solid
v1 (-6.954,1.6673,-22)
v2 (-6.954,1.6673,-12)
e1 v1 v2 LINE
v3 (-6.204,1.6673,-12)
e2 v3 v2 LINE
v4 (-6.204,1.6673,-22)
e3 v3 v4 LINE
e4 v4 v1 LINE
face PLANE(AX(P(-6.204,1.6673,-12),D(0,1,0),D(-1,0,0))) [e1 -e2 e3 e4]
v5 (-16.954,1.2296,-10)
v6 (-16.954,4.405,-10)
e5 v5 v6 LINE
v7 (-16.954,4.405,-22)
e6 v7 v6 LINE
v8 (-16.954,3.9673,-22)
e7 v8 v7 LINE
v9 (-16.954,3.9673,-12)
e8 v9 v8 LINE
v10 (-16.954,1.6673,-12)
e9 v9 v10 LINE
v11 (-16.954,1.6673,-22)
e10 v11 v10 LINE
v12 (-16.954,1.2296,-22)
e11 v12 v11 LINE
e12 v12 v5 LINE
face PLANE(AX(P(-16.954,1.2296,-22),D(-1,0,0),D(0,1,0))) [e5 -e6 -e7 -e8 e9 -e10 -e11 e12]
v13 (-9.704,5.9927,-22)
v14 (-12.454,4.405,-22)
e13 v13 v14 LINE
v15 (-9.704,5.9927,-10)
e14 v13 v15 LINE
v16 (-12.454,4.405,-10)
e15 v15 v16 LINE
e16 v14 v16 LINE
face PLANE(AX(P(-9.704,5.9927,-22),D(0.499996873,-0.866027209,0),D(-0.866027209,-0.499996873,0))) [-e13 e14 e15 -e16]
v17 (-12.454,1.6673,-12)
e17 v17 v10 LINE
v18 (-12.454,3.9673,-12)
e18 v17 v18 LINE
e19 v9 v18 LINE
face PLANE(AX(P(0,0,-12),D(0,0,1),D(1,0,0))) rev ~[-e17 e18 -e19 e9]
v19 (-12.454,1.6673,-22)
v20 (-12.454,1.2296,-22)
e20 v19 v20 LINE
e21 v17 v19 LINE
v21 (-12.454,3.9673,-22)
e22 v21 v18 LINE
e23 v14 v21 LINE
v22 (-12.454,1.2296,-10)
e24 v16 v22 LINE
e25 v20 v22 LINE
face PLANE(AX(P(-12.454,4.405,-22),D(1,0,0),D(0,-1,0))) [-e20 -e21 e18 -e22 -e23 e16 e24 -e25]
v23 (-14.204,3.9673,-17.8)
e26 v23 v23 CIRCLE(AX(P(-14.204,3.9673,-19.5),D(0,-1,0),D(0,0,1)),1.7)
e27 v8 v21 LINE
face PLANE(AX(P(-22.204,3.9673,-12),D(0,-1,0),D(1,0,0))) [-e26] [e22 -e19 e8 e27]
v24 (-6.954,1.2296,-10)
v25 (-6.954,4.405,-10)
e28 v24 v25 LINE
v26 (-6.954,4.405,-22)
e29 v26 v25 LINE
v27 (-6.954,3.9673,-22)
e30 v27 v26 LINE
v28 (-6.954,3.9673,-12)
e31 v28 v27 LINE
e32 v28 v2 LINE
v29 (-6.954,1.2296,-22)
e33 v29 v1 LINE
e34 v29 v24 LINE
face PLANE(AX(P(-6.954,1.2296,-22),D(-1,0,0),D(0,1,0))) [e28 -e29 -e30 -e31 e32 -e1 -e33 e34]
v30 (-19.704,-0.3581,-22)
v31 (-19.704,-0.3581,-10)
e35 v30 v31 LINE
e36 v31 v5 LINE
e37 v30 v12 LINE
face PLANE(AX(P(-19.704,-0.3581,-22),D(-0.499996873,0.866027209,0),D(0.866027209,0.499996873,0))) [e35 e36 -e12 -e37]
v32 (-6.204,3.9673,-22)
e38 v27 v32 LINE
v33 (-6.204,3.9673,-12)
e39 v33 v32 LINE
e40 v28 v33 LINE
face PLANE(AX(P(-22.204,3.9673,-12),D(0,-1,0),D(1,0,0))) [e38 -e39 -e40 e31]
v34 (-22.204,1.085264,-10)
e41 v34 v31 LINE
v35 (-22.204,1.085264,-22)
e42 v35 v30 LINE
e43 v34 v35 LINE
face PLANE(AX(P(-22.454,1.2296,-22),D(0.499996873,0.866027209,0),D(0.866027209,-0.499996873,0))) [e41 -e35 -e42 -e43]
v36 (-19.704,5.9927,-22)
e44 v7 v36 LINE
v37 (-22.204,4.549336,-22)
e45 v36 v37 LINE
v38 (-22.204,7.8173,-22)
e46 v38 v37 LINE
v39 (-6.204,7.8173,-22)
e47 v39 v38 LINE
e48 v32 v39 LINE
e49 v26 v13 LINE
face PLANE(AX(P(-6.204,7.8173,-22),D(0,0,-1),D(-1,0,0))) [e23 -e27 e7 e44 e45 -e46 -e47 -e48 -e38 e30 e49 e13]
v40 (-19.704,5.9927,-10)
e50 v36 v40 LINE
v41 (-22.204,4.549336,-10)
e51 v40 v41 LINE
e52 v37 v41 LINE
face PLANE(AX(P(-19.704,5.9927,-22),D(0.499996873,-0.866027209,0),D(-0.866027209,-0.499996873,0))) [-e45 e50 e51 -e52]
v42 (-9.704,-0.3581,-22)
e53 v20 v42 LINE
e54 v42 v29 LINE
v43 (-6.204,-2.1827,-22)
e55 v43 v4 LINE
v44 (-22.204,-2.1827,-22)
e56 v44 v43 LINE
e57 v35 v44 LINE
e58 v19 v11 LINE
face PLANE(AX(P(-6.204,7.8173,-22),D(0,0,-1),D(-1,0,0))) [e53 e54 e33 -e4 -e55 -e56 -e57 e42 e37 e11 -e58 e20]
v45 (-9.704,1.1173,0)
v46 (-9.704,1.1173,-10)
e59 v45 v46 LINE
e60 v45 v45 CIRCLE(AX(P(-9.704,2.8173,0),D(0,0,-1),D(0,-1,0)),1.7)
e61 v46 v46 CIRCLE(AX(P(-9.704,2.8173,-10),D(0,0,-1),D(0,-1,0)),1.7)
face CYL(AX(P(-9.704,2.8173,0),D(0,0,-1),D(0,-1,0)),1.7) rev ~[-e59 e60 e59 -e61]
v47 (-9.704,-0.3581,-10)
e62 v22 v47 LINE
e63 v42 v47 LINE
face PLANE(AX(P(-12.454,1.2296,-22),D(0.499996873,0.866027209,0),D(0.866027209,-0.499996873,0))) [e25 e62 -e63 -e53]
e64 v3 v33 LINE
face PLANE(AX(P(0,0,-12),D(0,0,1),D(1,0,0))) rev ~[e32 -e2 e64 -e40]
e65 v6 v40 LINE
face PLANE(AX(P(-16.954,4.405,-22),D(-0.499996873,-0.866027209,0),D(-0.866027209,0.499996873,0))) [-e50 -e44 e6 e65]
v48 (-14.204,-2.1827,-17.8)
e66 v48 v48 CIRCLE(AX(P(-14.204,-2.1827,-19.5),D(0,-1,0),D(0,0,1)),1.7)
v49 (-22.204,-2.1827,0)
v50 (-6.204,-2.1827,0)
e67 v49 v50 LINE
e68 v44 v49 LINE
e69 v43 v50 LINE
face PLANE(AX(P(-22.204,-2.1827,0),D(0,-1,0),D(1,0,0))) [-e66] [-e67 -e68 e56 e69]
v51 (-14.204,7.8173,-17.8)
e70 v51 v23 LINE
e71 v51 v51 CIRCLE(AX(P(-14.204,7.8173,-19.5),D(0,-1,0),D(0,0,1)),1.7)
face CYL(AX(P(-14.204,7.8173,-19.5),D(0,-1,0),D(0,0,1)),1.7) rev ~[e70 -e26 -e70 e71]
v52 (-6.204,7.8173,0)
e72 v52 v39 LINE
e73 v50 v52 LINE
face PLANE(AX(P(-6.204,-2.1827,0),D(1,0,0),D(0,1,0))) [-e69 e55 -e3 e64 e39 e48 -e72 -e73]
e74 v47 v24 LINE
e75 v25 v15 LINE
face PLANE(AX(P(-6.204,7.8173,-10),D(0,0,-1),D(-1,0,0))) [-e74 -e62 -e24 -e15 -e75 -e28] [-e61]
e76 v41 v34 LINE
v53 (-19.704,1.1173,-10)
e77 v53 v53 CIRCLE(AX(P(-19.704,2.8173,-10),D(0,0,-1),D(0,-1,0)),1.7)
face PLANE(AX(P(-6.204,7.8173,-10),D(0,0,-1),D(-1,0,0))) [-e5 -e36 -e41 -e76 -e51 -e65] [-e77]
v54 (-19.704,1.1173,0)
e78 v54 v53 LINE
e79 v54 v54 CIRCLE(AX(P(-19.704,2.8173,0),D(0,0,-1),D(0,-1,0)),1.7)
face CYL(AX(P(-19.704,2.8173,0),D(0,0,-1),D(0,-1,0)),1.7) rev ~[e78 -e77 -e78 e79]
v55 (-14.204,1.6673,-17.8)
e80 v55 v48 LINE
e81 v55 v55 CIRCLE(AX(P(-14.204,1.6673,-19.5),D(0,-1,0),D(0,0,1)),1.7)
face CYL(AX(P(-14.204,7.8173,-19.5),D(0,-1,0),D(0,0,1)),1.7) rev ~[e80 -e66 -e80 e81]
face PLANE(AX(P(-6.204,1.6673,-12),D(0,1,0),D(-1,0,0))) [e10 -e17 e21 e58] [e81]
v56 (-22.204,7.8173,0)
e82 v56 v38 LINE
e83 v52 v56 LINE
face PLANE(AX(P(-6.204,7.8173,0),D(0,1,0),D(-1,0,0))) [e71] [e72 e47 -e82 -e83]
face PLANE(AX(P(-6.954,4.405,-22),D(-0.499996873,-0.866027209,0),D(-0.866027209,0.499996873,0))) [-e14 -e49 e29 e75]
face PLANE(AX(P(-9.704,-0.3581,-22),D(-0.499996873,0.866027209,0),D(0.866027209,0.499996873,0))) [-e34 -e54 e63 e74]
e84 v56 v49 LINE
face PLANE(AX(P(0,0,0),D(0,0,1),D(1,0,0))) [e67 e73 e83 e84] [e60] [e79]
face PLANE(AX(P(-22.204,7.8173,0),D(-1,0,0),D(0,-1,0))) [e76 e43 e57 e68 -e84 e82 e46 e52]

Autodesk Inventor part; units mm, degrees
ref_plane "YZ Plane" through (0, 0, 0) normal (1, 0, 0) x (0, 1, 0)
ref_plane "XZ Plane" through (0, 0, 0) normal (0, 1, 0) x (-1, 0, 0)
sketch "Sketch1" plane through (0, 0, 0) normal (0, 0, 1) x (1, 0, 0)
  circle A0 centre (-12.704, 28.2207) radius 12 projected
  circle A1 centre (-12.704, -22.5861) radius 12 projected
  line L0 (-12.704, 28.2207) -> (-12.704, -22.5861) construction
  line L1 (4.1406, 2.8173) -> (-27.9996, 2.8173) construction
  line L2 (-24.704, -73.8176) -> (-24.704, 176.1824) projected
  line L3 (-5.204, -22.5861) -> (-5.204, 28.2207) projected
  line L4 (-22.204, -2.1827) -> (-6.204, -2.1827)
  line L5 (-6.204, -2.1827) -> (-6.204, 7.8173)
  line L6 (-6.204, 7.8173) -> (-22.204, 7.8173)
  line L7 (-22.204, 7.8173) -> (-22.204, -2.1827)
  circle A2 centre (-9.704, 2.8173) radius 3.5 construction
  circle A3 centre (-19.704, 2.8173) radius 2.5 construction
  point P0 (0, 0)
  point P1 (-12.704, 2.8173)
  dimension "d1" = 10
  dimension "d2" = 5
  dimension "d3" = 7
  dimension "d4" = 5
  dimension "d5" = 10
ref_plane "Work Plane1" through (-26.704, -73.8176, -12) normal (0, 0, -1) x (0, 1, 0)
extrude "Extrusion1" add sketch "Sketch1" against normal up to surface (12 mm away) contours L7 L6 L5 L4
hole "Hole1" at (-9.704, 2.8173, 0) at (-19.704, 2.8173, 0) direction (0, 0, -1) diameter 3.4 end through all clearance for "Countersunk Head GOST 12876-67" size "M3" standard "GOST"
sketch "Sketch2" plane through (-6.204, 7.8173, -12) normal (0, 0, -1) x (-1, 0, 0)
  line L0 (0, -10) -> (0, 0) projected
  line L1 (16, 0) -> (16, -10) projected
  line L2 (0, -6.15) -> (16, -6.15)
  line L3 (16, -3.85) -> (0, -3.85)
  line L4 (-10.3445, -5) -> (21.7957, -5) construction
  line L5 (16, -10) -> (0, -10) projected
  line L6 (0, 0) -> (16, 0) projected
  point P0 (-6.204, -7.8173)
  dimension "d15" = 2.3
extrude "Extrusion2" add sketch "Sketch2" along normal blind 10 contours L0 L2 L1 L5 | L0 L6 L1 L3
sketch "Sketch3" plane through (-6.204, 7.8173, -22) normal (0, 0, -1) x (-1, 0, 0)
  line L0 (16.25, -3.4123) -> (16.25, -6.5877)
  line L1 (16.25, -6.5877) -> (13.5, -8.1754)
  line L2 (13.5, -8.1754) -> (10.75, -6.5877)
  line L3 (10.75, -6.5877) -> (10.75, -3.4123)
  line L4 (10.75, -3.4123) -> (13.5, -1.8246)
  line L5 (13.5, -1.8246) -> (16.25, -3.4123)
  line L6 (6.25, -3.4123) -> (6.25, -6.5877)
  line L7 (6.25, -6.5877) -> (3.5, -8.1754)
  line L8 (3.5, -8.1754) -> (0.75, -6.5877)
  line L9 (0.75, -6.5877) -> (0.75, -3.4123)
  line L10 (0.75, -3.4123) -> (3.5, -1.8246)
  line L11 (3.5, -1.8246) -> (6.25, -3.4123)
  line L12 (0, -6.15) -> (0, -3.85) projected
  line L13 (16, -3.85) -> (16, -6.15) projected
  point P0 (-6.204, -7.8173)
  point P1 (3.5, -5)
  point P2 (13.5, -5)
  point P3 (13.5, -5)
  point P4 (3.5, -5)
  dimension "d18" = 5.5
extrude "Extrusion3" cut sketch "Sketch3" against normal blind 12
sketch "Sketch4" plane through (-22.204, 7.8173, 0) normal (0, 1, 0) x (1, 0, 0)
  line L0 (0, 0) -> (0, 22) projected
  line L1 (16, 0) -> (0, 0) projected
  line L2 (16, 0) -> (16, 22) projected
  line L3 (0, 22) -> (16, 22) projected
  line L4 (16, 0) -> (16, 22) projected
  line L5 (16, 19.5) -> (0, 19.5)
  point P0 (22.204, 0)
  point P1 (8, 19.5)
  dimension "d21" = 2.5
hole "Hole2" at (-14.204, 7.8173, -19.5) direction (0, -1, 0) diameter 3.4 end through all clearance for "Countersunk Head GOST 12876-67" size "M3" standard "GOST"
properties part number "belt_holder"
